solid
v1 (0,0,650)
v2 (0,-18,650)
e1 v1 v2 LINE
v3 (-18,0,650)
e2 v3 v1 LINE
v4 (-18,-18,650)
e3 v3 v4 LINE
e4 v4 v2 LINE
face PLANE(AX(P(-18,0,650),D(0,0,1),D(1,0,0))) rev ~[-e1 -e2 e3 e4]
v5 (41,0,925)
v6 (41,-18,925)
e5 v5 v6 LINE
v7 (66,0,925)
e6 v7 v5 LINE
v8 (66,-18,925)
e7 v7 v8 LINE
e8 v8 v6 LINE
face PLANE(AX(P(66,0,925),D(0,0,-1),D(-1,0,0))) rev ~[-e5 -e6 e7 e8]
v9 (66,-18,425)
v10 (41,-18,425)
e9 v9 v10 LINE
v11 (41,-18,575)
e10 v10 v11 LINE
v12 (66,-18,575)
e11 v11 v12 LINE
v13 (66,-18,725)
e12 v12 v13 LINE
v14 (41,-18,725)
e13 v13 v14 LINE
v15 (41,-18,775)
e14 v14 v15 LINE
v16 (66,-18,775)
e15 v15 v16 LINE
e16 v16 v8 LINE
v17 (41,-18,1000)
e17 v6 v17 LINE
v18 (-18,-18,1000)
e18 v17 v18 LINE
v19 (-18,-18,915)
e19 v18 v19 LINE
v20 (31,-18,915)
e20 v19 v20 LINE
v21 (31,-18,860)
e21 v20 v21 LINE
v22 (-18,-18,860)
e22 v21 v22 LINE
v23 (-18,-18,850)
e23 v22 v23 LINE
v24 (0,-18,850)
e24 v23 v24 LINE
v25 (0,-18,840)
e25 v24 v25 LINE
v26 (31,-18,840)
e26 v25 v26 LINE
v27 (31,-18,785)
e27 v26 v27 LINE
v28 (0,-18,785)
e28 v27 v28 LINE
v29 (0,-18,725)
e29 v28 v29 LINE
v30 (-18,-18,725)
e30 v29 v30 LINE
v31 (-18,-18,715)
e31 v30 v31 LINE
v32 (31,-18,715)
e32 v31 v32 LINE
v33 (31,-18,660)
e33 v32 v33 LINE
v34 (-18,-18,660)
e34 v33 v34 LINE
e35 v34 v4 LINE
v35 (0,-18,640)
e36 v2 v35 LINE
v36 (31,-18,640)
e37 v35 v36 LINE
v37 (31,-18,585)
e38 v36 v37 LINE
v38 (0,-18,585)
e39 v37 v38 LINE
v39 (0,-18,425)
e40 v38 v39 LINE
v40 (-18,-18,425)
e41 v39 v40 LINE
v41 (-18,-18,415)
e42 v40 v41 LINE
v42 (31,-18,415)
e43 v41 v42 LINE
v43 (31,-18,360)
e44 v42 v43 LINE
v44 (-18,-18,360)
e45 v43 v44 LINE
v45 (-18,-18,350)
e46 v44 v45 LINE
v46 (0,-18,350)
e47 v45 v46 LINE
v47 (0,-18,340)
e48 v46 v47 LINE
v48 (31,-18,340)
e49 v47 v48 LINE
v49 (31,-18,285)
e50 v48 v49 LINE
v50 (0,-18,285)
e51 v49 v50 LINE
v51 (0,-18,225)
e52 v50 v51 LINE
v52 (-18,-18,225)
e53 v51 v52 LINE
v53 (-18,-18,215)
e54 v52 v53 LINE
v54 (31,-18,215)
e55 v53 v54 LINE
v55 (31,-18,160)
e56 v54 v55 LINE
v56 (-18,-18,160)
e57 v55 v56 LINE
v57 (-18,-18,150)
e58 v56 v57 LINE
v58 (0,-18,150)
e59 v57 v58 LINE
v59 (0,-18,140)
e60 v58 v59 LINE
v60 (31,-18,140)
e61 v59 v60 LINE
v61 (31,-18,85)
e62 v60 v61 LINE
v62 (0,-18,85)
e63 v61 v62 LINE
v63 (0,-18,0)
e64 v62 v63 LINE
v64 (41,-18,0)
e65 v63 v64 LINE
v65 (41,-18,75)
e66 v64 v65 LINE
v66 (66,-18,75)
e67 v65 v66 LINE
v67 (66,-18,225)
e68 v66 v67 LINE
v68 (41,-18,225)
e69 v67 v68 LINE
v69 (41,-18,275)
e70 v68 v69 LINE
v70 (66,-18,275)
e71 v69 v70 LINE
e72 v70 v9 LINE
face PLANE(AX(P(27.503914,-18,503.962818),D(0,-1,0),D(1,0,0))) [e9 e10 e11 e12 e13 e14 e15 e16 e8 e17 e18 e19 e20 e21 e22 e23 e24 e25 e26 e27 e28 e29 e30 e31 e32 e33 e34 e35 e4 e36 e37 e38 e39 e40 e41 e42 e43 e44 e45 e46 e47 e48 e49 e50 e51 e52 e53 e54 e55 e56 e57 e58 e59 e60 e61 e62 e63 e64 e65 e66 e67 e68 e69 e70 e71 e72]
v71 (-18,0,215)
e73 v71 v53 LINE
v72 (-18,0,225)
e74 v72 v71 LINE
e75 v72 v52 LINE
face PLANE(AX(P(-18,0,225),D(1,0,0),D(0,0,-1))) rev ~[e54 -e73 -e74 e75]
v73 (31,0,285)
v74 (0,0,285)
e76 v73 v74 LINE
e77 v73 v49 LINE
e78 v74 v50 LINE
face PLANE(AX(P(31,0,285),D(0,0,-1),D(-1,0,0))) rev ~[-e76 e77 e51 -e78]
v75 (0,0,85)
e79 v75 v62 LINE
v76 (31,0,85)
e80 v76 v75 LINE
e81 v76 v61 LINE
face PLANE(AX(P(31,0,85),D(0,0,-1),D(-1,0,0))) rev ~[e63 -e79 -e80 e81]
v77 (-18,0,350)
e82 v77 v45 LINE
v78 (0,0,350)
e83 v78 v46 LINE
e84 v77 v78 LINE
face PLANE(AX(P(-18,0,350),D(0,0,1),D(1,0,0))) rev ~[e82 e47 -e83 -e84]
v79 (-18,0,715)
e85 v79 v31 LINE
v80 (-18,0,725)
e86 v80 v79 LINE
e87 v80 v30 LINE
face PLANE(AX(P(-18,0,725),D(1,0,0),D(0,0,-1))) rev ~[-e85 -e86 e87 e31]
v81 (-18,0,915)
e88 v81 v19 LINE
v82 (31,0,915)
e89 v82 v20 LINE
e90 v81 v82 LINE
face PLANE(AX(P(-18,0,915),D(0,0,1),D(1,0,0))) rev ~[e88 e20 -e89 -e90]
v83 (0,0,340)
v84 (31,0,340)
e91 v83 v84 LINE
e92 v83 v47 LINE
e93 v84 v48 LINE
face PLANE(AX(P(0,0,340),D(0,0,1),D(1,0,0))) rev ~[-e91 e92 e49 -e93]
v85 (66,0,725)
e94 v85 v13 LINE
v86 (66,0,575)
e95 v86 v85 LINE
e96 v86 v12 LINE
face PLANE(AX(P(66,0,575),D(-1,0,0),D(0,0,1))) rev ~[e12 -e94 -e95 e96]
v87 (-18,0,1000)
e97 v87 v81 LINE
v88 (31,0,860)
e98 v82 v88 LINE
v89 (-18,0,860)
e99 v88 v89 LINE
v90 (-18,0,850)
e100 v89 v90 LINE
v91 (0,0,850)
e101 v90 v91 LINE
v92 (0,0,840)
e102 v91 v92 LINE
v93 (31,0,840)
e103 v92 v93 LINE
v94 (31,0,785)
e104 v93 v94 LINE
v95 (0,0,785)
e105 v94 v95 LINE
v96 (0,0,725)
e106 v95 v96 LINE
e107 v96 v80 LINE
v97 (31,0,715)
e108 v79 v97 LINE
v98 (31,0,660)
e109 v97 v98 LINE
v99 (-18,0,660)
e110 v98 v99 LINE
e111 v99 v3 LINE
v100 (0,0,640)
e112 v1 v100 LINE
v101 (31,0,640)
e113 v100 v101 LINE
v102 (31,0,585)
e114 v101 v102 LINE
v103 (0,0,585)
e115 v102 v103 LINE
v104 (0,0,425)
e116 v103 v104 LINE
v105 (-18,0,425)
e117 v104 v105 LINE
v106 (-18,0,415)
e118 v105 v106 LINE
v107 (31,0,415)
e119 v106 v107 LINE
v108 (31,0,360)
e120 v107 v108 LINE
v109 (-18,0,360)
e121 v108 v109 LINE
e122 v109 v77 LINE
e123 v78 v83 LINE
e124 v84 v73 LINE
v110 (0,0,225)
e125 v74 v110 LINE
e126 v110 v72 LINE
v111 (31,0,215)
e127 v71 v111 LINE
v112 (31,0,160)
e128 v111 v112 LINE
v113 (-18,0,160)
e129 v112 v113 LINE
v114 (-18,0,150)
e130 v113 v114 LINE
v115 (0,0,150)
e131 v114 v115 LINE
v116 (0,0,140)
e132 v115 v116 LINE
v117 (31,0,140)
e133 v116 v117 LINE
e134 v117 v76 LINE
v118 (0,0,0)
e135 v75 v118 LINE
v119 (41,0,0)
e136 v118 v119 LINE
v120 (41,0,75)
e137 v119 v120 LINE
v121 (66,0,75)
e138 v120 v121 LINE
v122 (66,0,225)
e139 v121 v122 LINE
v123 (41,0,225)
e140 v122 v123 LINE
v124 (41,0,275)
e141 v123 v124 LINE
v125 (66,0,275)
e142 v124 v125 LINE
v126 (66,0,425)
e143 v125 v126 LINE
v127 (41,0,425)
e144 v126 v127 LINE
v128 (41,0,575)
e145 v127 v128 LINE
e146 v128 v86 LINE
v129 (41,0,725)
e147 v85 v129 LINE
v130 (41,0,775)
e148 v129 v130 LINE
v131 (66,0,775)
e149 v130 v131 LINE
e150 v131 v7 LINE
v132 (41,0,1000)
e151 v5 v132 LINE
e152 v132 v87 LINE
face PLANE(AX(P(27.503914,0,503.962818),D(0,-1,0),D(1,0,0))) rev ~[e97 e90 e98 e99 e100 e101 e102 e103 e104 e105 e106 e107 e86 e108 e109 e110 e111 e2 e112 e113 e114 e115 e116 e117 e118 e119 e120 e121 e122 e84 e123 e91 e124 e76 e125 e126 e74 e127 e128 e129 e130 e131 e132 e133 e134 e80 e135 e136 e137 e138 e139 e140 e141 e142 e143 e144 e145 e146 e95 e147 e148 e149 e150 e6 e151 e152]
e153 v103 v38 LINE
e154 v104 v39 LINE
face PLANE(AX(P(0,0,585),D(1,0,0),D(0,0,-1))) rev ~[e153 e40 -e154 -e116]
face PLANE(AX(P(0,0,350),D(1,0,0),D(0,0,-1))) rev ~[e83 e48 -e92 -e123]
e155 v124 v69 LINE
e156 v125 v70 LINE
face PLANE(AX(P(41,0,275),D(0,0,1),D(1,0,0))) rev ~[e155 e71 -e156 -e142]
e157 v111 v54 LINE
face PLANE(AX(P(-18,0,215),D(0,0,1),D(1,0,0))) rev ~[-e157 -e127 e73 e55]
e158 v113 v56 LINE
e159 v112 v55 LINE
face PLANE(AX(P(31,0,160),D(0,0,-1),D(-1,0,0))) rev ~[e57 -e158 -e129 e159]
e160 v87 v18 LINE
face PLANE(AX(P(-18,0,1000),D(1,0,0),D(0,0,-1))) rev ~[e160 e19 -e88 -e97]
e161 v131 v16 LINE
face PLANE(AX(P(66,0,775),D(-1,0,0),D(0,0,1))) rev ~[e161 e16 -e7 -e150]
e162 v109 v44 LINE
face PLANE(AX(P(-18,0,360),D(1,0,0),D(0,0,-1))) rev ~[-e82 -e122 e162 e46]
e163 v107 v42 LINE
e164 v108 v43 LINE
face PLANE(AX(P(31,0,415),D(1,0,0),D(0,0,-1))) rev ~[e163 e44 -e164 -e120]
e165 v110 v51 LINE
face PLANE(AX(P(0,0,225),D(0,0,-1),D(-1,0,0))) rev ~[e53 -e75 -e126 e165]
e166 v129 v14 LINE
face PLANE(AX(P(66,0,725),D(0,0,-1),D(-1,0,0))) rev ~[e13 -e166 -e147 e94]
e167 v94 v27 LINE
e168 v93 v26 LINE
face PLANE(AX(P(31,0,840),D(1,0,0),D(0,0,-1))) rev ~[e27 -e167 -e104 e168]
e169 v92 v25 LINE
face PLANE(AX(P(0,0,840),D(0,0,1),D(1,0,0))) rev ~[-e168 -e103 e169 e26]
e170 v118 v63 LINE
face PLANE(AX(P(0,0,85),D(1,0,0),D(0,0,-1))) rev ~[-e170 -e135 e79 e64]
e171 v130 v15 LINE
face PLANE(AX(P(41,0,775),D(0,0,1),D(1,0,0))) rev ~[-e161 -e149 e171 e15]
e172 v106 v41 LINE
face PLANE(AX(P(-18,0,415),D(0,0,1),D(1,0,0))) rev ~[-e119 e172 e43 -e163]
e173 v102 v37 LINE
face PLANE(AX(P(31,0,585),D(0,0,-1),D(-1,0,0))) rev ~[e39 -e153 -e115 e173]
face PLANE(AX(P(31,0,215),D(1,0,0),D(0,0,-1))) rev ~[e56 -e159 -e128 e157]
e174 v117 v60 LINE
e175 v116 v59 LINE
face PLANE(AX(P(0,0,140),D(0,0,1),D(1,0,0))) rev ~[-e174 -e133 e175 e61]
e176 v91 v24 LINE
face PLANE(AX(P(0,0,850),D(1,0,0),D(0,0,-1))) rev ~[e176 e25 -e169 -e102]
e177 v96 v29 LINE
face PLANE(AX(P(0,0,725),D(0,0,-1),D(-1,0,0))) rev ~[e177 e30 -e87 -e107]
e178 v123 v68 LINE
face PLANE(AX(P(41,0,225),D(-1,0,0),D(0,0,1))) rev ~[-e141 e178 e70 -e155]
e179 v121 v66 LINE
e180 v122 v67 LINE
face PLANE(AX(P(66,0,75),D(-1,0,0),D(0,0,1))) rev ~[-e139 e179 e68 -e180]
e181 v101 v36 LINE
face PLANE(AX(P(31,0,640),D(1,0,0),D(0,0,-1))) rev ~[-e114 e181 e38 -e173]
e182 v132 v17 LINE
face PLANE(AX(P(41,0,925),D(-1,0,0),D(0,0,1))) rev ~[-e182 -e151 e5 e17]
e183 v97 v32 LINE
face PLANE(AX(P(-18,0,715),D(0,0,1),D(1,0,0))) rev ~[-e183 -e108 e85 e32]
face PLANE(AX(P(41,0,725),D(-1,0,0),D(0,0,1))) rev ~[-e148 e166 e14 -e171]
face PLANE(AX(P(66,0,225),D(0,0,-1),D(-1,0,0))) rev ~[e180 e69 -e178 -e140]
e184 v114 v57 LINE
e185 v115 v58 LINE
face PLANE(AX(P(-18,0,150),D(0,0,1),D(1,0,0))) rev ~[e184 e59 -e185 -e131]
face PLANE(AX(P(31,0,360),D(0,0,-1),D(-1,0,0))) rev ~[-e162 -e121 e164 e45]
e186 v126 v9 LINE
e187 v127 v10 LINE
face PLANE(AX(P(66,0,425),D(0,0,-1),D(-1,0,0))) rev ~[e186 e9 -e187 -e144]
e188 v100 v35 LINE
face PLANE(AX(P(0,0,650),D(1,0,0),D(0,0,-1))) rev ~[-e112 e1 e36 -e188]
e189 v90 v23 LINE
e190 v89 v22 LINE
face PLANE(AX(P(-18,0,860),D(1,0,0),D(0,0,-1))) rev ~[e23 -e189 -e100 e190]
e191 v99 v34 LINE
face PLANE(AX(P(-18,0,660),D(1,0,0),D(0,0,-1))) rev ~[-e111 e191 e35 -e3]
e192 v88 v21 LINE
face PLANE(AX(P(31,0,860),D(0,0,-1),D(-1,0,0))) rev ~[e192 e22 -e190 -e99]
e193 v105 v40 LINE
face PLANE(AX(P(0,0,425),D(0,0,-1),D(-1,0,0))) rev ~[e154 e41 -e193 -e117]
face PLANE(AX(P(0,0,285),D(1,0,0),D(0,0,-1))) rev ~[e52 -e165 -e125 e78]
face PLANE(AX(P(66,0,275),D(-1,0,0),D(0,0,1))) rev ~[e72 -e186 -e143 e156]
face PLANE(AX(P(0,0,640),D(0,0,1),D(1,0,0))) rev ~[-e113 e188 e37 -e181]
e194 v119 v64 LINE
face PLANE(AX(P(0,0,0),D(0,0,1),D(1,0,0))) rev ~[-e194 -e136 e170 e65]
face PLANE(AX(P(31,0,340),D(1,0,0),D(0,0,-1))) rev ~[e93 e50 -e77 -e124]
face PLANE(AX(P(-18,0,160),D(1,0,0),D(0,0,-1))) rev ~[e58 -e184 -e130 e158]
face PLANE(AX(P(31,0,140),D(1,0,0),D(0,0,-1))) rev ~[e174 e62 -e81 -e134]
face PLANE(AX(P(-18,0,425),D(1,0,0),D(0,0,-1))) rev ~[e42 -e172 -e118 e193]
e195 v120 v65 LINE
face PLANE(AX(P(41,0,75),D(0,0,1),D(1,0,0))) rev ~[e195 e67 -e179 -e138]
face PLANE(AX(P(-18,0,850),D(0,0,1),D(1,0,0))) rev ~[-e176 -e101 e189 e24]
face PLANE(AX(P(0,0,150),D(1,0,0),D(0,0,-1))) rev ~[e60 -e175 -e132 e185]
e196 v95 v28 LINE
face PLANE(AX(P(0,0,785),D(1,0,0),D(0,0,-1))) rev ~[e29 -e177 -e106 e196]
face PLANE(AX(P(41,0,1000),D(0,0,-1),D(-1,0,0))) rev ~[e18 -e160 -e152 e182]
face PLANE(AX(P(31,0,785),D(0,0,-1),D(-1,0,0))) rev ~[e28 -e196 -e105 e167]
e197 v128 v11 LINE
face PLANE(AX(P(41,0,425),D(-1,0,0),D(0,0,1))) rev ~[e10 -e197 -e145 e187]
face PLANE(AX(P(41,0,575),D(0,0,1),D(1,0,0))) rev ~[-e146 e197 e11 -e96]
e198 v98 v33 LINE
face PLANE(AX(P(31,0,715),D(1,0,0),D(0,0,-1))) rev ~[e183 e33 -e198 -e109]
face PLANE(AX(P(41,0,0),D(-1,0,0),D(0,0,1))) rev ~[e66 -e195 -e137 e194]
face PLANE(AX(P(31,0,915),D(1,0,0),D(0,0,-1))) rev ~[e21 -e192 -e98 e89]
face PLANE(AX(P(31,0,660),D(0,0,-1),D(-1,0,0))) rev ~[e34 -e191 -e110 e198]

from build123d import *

# Parameters (mm, degrees)
F1_DEPTH = 18


with BuildPart() as f1:
    # F0 (on Front) → F1 (new body)
    with BuildSketch(Plane.XZ):
        Polygon((0, 0), (41, 0), (41, 75), (66, 75), (66, 225), (41, 225), (41, 275), (66, 275), (66, 425), (41, 425), (41, 575), (66, 575), (66, 725), (41, 725), (41, 775), (66, 775), (66, 925), (41, 925), (41, 1000), (-18, 1000), (-18, 915), (31, 915), (31, 860), (-18, 860), (-18, 850), (0, 850), (0, 840), (31, 840), (31, 785), (0, 785), (0, 725), (-18, 725), (-18, 715), (31, 715), (31, 660), (-18, 660), (-18, 650), (0, 650), (0, 640), (31, 640), (31, 585), (0, 585), (0, 425), (-18, 425), (-18, 415), (31, 415), (31, 360), (-18, 360), (-18, 350), (0, 350), (0, 340), (31, 340), (31, 285), (0, 285), (0, 225), (-18, 225), (-18, 215), (31, 215), (31, 160), (-18, 160), (-18, 150), (0, 150), (0, 140), (31, 140), (31, 85), (0, 85), align=None)
    extrude(amount=F1_DEPTH)


solid = f1.part
